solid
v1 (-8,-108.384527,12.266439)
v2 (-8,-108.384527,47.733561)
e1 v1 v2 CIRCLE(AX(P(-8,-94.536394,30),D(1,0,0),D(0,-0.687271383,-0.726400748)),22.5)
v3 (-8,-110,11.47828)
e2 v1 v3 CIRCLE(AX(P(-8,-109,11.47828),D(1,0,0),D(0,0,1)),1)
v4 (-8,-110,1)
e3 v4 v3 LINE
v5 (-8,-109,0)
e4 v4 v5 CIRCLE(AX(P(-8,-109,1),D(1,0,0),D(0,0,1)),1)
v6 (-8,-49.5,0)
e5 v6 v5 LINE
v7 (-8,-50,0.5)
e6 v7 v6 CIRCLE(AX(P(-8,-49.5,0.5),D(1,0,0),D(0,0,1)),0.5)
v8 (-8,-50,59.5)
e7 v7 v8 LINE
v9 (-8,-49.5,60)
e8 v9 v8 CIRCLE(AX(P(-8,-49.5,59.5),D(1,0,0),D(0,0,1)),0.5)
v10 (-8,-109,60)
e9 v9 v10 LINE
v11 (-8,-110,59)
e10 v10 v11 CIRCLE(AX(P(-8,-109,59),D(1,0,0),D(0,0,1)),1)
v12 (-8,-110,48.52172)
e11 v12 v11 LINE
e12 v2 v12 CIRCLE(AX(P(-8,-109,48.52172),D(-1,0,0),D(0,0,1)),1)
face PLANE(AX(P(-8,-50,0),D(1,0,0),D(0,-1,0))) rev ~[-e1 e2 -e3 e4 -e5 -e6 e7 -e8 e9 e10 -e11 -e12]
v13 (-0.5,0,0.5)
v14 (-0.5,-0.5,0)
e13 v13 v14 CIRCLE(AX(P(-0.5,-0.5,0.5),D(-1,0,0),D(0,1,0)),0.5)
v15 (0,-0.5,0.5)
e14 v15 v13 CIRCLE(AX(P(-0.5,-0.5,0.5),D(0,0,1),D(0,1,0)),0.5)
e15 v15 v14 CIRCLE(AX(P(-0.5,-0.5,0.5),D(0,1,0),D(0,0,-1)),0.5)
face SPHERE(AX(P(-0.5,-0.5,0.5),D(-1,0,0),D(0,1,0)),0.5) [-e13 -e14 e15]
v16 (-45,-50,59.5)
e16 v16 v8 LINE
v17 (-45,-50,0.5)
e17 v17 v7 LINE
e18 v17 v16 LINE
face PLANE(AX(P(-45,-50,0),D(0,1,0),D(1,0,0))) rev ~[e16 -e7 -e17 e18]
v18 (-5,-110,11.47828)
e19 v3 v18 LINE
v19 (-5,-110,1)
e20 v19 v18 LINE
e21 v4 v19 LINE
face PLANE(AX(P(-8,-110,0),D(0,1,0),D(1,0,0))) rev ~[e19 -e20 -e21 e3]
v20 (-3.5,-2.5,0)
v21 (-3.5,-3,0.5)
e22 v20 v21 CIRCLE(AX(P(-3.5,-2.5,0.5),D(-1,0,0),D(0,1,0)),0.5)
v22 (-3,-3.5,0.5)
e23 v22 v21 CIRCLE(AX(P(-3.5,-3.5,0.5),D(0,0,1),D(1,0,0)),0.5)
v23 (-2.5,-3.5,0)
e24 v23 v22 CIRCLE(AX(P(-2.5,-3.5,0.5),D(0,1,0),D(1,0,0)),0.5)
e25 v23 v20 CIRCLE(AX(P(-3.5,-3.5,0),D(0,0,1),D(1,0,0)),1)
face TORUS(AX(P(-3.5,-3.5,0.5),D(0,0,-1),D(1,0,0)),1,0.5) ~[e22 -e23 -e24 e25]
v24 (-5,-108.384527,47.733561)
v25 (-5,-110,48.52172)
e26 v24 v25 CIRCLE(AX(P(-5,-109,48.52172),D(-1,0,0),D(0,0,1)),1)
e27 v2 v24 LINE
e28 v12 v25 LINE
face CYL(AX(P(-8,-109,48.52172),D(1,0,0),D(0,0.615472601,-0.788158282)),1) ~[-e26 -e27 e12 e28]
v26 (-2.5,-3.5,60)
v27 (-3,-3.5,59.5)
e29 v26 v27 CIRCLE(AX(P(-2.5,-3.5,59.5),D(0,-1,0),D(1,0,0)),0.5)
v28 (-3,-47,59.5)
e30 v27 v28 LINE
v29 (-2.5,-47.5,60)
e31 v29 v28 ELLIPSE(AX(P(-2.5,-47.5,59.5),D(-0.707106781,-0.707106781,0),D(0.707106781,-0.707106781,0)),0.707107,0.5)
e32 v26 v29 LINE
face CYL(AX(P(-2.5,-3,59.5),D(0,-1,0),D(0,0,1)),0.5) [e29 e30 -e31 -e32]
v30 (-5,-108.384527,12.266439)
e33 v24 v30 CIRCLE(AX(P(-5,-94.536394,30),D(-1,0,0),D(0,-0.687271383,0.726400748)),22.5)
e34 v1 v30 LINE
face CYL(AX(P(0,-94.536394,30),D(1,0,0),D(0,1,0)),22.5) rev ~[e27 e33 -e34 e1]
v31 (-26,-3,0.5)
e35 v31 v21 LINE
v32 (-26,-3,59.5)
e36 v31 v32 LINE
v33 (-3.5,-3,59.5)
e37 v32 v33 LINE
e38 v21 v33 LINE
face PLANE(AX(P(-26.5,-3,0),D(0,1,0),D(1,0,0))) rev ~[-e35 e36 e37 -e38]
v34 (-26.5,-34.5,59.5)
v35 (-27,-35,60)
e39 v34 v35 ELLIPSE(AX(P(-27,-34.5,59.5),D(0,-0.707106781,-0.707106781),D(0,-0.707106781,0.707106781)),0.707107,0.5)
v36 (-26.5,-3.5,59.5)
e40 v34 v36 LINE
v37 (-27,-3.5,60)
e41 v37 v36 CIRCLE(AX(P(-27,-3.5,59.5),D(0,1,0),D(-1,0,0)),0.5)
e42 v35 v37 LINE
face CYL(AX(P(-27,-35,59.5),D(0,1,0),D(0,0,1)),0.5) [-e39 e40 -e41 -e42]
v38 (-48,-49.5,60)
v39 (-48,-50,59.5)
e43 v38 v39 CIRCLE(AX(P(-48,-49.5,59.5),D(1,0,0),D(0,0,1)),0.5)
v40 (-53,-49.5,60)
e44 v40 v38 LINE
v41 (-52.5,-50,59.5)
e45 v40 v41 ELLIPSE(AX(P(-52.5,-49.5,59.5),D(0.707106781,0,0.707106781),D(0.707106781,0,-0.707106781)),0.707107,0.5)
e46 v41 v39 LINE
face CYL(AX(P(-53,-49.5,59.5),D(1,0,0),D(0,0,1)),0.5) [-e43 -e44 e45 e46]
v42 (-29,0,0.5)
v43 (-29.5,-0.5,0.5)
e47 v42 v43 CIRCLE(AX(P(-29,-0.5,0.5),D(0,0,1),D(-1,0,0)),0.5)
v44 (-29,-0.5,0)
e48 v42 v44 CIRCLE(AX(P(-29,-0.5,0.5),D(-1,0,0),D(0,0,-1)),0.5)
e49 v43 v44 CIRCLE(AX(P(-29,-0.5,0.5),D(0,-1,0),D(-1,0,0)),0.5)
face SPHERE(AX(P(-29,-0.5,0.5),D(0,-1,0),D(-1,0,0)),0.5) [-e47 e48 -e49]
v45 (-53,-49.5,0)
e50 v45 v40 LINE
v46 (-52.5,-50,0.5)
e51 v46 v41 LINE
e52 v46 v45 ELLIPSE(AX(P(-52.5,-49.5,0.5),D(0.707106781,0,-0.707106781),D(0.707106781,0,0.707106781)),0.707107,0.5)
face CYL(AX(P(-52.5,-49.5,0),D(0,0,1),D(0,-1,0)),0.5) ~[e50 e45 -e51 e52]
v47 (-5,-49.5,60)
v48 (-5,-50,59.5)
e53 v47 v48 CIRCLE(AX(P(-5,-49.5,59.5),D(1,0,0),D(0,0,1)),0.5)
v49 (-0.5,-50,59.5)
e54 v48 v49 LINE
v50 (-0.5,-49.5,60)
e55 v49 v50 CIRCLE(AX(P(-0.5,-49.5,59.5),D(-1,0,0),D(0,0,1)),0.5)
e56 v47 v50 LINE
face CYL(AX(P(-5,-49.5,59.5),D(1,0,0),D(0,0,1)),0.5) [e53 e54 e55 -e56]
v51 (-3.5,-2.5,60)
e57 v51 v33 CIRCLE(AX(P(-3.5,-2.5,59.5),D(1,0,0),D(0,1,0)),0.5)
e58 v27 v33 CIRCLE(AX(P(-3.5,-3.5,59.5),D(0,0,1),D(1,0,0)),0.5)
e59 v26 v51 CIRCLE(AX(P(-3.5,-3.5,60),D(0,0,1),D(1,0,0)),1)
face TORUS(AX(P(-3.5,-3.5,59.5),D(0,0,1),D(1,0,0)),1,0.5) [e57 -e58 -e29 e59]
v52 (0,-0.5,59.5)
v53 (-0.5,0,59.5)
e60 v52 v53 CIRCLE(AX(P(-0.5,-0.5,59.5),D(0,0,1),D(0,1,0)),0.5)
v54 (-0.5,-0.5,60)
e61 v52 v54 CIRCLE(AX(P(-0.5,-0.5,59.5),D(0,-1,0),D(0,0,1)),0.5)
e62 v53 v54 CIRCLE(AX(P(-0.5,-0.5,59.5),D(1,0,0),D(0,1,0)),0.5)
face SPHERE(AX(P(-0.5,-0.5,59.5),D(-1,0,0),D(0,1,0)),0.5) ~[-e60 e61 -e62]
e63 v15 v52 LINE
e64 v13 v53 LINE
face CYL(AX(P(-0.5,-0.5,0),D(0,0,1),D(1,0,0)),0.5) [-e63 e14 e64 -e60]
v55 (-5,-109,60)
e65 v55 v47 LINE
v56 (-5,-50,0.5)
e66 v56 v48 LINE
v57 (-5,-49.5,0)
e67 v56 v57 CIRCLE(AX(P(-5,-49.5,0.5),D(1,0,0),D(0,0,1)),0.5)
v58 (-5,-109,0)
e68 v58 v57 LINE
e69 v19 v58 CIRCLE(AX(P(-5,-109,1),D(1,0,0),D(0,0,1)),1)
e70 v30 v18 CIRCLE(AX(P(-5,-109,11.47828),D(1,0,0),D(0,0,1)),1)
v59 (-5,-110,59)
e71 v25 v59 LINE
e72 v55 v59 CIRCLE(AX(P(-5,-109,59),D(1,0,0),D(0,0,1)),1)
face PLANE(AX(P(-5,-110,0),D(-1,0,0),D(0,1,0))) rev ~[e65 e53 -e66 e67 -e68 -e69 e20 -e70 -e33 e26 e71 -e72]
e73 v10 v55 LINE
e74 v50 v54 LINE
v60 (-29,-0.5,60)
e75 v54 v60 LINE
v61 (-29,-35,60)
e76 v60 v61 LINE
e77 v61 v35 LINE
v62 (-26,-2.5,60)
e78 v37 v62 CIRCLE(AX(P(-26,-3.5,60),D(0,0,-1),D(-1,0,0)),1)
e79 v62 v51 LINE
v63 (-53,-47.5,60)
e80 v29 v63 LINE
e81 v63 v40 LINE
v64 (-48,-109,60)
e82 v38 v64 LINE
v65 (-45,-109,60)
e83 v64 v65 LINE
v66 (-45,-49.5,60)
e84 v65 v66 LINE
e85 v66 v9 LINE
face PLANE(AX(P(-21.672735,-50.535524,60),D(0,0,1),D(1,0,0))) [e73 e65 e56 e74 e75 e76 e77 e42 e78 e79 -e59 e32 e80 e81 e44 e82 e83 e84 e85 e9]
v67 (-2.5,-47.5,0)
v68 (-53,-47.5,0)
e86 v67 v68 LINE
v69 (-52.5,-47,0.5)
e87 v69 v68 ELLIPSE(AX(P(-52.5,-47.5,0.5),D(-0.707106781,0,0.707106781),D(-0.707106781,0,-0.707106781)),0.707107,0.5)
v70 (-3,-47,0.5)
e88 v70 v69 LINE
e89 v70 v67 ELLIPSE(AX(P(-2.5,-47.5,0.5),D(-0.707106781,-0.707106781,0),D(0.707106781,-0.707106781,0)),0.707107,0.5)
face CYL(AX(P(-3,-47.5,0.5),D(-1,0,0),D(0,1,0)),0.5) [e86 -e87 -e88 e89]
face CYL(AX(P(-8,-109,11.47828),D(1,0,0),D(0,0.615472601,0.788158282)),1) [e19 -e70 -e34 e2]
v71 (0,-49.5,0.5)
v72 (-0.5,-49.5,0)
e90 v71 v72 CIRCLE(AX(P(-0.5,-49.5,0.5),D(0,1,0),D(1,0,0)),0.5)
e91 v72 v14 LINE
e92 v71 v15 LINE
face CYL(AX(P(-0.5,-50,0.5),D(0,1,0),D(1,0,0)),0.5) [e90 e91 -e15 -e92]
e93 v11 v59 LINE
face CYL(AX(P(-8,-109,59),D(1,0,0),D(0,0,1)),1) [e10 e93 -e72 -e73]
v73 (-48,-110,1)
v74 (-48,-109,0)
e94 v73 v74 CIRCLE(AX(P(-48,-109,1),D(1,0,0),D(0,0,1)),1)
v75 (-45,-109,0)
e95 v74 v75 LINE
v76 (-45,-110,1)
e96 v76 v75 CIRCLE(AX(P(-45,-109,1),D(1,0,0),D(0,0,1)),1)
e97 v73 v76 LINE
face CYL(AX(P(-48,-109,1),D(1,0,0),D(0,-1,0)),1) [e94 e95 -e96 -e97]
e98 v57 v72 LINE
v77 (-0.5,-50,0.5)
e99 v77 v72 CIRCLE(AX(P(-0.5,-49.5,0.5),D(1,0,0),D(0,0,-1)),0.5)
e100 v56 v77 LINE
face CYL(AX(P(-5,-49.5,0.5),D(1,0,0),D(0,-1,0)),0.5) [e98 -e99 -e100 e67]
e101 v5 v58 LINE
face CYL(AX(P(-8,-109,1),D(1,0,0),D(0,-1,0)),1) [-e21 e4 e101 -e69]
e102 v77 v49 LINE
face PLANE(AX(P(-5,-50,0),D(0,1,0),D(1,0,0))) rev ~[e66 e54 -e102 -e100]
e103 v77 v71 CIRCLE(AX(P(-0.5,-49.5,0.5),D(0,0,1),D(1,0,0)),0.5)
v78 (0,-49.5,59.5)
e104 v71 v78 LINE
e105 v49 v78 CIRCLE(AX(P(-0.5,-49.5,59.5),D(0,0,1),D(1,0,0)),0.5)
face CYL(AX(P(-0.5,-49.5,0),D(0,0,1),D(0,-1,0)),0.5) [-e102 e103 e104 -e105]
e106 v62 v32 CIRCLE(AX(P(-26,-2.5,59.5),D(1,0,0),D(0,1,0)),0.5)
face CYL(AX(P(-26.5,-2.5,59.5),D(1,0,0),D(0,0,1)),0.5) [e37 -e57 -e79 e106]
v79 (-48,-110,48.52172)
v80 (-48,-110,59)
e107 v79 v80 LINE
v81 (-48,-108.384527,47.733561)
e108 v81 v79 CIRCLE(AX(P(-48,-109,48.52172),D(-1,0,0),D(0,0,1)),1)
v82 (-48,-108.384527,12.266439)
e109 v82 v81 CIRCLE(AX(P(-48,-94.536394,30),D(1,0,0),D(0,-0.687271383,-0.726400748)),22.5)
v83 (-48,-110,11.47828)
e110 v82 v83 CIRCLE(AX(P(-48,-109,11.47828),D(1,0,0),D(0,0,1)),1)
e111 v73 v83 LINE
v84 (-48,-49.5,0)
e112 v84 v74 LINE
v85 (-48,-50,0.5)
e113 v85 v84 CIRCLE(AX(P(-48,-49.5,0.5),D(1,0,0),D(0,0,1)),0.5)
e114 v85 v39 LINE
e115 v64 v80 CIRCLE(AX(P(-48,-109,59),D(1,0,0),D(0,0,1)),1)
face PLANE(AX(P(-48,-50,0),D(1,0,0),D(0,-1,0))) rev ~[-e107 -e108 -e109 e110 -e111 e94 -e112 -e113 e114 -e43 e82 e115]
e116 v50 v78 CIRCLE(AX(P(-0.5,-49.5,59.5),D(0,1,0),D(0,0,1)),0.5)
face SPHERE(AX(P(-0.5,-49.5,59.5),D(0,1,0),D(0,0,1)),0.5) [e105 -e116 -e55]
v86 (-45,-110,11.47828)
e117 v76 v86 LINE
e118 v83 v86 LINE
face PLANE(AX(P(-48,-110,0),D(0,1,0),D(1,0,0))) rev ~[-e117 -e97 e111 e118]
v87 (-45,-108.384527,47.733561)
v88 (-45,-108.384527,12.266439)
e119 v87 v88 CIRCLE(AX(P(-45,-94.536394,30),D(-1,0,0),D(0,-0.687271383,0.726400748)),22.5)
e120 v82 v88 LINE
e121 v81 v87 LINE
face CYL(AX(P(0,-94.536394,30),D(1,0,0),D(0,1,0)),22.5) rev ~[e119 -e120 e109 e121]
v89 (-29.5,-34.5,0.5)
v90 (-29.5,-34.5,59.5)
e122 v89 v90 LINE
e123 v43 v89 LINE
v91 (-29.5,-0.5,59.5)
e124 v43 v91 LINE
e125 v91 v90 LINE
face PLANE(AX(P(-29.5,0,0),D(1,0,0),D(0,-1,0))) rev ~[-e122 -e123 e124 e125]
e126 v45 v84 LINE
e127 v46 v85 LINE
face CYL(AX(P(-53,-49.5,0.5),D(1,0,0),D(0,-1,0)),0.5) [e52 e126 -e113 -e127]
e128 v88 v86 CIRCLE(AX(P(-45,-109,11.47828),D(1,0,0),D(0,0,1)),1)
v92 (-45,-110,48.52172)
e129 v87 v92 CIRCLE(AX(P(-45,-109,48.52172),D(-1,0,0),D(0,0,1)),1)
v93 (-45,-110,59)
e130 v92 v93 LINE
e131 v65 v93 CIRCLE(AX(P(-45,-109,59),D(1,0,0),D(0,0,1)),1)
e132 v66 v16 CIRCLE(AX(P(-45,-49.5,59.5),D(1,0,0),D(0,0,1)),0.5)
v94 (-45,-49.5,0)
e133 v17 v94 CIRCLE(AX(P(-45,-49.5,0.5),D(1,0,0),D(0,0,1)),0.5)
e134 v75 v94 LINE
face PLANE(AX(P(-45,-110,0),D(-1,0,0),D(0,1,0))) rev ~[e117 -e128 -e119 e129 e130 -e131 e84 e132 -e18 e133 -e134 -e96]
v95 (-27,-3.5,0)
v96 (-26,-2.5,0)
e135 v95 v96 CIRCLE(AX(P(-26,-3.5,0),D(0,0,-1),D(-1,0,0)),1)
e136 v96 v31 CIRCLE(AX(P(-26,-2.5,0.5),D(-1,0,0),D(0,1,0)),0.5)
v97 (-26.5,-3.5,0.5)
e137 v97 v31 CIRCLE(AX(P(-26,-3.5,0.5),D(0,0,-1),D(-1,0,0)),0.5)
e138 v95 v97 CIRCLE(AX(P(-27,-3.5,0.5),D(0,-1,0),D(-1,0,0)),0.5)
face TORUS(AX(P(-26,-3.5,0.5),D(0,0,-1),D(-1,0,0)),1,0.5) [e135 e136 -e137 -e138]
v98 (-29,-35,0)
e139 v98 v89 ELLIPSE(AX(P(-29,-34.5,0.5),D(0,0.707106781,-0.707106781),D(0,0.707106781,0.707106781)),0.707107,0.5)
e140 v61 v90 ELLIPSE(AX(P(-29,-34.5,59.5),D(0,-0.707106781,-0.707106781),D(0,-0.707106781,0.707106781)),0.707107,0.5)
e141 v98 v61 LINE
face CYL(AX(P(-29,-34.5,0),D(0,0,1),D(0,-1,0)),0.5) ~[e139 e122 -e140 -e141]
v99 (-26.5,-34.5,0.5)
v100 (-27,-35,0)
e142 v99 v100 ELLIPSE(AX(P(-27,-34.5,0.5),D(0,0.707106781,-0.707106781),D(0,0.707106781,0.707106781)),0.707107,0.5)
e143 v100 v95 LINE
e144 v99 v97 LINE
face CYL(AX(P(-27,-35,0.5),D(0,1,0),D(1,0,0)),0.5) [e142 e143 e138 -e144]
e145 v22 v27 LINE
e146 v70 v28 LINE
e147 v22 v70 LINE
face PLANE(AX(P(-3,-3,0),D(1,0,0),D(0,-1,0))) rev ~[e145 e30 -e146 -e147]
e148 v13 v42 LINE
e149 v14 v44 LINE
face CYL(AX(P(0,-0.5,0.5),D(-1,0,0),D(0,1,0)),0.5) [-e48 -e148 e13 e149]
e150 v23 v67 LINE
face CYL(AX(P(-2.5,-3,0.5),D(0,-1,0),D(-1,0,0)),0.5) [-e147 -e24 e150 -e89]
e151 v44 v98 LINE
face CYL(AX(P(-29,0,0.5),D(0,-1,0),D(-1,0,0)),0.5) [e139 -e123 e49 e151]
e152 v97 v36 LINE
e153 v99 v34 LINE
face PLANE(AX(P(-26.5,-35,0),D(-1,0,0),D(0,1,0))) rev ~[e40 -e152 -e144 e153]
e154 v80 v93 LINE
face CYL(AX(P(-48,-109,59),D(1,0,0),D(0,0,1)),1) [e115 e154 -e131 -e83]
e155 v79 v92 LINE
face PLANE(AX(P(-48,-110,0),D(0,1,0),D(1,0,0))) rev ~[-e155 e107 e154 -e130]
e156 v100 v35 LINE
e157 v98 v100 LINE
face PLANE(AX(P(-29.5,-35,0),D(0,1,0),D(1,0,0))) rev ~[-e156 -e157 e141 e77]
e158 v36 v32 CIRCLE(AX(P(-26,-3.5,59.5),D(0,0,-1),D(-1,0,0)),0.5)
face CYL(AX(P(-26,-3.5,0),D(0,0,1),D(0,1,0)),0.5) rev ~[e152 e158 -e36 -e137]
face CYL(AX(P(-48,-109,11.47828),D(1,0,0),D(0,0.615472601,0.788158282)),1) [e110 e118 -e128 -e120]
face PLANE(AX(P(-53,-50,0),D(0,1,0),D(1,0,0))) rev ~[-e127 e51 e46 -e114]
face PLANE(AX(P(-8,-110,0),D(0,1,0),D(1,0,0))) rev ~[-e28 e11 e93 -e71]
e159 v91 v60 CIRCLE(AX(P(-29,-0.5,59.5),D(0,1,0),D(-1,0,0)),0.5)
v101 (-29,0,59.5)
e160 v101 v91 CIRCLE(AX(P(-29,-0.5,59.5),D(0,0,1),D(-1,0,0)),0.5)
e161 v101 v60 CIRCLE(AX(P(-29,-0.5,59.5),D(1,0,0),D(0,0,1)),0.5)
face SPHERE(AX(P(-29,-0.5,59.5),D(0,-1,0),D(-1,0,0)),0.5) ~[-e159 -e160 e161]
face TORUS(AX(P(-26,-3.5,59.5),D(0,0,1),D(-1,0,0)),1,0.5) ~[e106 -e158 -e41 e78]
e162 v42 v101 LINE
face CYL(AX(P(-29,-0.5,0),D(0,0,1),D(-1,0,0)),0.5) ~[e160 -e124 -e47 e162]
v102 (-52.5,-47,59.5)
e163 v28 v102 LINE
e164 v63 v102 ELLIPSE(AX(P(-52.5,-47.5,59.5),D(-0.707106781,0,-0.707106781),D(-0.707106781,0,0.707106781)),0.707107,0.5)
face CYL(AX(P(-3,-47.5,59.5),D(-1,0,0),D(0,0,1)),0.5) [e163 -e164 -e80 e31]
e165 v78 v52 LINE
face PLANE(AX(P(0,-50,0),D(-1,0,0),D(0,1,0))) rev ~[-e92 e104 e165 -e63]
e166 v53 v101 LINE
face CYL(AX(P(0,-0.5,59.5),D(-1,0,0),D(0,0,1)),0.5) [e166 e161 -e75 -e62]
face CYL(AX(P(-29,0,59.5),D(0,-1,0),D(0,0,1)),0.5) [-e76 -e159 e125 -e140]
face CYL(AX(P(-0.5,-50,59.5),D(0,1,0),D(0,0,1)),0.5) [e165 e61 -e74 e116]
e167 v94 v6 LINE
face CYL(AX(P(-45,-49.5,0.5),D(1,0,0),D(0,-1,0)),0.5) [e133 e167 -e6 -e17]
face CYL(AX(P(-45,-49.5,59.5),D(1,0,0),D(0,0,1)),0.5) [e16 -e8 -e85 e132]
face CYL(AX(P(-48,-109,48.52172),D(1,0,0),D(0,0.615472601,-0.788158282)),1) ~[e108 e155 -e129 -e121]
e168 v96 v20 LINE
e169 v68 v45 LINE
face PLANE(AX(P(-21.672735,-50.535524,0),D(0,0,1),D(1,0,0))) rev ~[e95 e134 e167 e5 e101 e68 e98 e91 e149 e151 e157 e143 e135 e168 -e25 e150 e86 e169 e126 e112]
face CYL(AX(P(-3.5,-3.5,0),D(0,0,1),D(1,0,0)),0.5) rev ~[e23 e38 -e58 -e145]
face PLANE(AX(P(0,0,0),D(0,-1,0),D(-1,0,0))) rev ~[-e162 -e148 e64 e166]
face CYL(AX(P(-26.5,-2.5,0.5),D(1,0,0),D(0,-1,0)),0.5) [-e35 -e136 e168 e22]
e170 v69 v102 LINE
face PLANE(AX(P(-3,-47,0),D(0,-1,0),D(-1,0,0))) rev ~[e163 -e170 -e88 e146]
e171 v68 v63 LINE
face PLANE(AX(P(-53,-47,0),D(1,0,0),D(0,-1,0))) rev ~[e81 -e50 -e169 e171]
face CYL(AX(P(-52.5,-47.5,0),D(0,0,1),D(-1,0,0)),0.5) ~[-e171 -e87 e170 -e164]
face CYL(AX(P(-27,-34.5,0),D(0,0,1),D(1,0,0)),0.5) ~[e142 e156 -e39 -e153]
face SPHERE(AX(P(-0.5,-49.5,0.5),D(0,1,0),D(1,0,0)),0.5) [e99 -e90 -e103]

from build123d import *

# Parameters (mm, degrees)
F1_DEPTH = 60
F2_R     = 22.5
F3_DEPTH = 50
F4_R     = 1
F5_R     = 0.5


with BuildPart() as f1:
    # F0 (on Top) → F1 (new body)
    with BuildSketch(Plane.XY):
        Polygon((0, -50), (0, 0), (-3, 0), (-29.5, 0), (-29.5, -3), (-29.5, -35), (-26.5, -35), (-26.5, -3), (-3, -3), (-3, -47), (-53, -47), (-53, -50), (-48, -50), (-48, -110), (-45, -110), (-45, -50), (-8, -50), (-8, -110), (-5, -110), (-5, -50), (-3, -50), align=None)
    extrude(amount=F1_DEPTH)

    # F2 (on Right) → F3 (cut)
    with BuildSketch(Plane.YZ):
        with Locations((-94.5363938808, 30)):
            Circle(F2_R)
    extrude(amount=-F3_DEPTH, mode=Mode.SUBTRACT)

    # F4
    f4_edges = [f1.edges().sort_by_distance(p)[0] for p in [
        (-6.5, -110, 13.655983),
        (-6.5, -110, 46.344017),
        (-46.5, -110, 13.655983),
        (-46.5, -110, 46.344017),
        (-6.5, -110, 60),
        (-46.5, -110, 60),
        (-6.5, -110, 0),
        (-46.5, -110, 0),
    ]]
    fillet(f4_edges, radius=F4_R)

    # F5
    f5_edges = [f1.edges().sort_by_distance(p)[0] for p in [
        (-29.5, -35, 30),
        (-26.5, -35, 30),
        (-26.5, -19, 60),
        (-29.5, -17.5, 60),
        (-29.5, -17.5, 0),
        (-26.5, -19, 0),
        (-29.5, 0, 30),
        (-14.75, -3, 0),
        (-14.75, 0, 0),
        (-14.75, -3, 60),
        (-14.75, 0, 60),
        (0, 0, 30),
        (-26.5, -3, 30),
        (-3, -3, 30),
        (-3, -25, 60),
        (0, -25, 60),
        (-3, -25, 0),
        (0, -25, 0),
        (-28, -47, 60),
        (-26.5, -50, 60),
        (-50.5, -50, 60),
        (-2.5, -50, 60),
        (0, -50, 30),
        (-2.5, -50, 0),
        (-28, -47, 0),
        (-26.5, -50, 0),
        (-50.5, -50, 0),
        (-53, -47, 30),
        (-53, -50, 30),
    ]]
    fillet(f5_edges, radius=F5_R)


solid = f1.part
